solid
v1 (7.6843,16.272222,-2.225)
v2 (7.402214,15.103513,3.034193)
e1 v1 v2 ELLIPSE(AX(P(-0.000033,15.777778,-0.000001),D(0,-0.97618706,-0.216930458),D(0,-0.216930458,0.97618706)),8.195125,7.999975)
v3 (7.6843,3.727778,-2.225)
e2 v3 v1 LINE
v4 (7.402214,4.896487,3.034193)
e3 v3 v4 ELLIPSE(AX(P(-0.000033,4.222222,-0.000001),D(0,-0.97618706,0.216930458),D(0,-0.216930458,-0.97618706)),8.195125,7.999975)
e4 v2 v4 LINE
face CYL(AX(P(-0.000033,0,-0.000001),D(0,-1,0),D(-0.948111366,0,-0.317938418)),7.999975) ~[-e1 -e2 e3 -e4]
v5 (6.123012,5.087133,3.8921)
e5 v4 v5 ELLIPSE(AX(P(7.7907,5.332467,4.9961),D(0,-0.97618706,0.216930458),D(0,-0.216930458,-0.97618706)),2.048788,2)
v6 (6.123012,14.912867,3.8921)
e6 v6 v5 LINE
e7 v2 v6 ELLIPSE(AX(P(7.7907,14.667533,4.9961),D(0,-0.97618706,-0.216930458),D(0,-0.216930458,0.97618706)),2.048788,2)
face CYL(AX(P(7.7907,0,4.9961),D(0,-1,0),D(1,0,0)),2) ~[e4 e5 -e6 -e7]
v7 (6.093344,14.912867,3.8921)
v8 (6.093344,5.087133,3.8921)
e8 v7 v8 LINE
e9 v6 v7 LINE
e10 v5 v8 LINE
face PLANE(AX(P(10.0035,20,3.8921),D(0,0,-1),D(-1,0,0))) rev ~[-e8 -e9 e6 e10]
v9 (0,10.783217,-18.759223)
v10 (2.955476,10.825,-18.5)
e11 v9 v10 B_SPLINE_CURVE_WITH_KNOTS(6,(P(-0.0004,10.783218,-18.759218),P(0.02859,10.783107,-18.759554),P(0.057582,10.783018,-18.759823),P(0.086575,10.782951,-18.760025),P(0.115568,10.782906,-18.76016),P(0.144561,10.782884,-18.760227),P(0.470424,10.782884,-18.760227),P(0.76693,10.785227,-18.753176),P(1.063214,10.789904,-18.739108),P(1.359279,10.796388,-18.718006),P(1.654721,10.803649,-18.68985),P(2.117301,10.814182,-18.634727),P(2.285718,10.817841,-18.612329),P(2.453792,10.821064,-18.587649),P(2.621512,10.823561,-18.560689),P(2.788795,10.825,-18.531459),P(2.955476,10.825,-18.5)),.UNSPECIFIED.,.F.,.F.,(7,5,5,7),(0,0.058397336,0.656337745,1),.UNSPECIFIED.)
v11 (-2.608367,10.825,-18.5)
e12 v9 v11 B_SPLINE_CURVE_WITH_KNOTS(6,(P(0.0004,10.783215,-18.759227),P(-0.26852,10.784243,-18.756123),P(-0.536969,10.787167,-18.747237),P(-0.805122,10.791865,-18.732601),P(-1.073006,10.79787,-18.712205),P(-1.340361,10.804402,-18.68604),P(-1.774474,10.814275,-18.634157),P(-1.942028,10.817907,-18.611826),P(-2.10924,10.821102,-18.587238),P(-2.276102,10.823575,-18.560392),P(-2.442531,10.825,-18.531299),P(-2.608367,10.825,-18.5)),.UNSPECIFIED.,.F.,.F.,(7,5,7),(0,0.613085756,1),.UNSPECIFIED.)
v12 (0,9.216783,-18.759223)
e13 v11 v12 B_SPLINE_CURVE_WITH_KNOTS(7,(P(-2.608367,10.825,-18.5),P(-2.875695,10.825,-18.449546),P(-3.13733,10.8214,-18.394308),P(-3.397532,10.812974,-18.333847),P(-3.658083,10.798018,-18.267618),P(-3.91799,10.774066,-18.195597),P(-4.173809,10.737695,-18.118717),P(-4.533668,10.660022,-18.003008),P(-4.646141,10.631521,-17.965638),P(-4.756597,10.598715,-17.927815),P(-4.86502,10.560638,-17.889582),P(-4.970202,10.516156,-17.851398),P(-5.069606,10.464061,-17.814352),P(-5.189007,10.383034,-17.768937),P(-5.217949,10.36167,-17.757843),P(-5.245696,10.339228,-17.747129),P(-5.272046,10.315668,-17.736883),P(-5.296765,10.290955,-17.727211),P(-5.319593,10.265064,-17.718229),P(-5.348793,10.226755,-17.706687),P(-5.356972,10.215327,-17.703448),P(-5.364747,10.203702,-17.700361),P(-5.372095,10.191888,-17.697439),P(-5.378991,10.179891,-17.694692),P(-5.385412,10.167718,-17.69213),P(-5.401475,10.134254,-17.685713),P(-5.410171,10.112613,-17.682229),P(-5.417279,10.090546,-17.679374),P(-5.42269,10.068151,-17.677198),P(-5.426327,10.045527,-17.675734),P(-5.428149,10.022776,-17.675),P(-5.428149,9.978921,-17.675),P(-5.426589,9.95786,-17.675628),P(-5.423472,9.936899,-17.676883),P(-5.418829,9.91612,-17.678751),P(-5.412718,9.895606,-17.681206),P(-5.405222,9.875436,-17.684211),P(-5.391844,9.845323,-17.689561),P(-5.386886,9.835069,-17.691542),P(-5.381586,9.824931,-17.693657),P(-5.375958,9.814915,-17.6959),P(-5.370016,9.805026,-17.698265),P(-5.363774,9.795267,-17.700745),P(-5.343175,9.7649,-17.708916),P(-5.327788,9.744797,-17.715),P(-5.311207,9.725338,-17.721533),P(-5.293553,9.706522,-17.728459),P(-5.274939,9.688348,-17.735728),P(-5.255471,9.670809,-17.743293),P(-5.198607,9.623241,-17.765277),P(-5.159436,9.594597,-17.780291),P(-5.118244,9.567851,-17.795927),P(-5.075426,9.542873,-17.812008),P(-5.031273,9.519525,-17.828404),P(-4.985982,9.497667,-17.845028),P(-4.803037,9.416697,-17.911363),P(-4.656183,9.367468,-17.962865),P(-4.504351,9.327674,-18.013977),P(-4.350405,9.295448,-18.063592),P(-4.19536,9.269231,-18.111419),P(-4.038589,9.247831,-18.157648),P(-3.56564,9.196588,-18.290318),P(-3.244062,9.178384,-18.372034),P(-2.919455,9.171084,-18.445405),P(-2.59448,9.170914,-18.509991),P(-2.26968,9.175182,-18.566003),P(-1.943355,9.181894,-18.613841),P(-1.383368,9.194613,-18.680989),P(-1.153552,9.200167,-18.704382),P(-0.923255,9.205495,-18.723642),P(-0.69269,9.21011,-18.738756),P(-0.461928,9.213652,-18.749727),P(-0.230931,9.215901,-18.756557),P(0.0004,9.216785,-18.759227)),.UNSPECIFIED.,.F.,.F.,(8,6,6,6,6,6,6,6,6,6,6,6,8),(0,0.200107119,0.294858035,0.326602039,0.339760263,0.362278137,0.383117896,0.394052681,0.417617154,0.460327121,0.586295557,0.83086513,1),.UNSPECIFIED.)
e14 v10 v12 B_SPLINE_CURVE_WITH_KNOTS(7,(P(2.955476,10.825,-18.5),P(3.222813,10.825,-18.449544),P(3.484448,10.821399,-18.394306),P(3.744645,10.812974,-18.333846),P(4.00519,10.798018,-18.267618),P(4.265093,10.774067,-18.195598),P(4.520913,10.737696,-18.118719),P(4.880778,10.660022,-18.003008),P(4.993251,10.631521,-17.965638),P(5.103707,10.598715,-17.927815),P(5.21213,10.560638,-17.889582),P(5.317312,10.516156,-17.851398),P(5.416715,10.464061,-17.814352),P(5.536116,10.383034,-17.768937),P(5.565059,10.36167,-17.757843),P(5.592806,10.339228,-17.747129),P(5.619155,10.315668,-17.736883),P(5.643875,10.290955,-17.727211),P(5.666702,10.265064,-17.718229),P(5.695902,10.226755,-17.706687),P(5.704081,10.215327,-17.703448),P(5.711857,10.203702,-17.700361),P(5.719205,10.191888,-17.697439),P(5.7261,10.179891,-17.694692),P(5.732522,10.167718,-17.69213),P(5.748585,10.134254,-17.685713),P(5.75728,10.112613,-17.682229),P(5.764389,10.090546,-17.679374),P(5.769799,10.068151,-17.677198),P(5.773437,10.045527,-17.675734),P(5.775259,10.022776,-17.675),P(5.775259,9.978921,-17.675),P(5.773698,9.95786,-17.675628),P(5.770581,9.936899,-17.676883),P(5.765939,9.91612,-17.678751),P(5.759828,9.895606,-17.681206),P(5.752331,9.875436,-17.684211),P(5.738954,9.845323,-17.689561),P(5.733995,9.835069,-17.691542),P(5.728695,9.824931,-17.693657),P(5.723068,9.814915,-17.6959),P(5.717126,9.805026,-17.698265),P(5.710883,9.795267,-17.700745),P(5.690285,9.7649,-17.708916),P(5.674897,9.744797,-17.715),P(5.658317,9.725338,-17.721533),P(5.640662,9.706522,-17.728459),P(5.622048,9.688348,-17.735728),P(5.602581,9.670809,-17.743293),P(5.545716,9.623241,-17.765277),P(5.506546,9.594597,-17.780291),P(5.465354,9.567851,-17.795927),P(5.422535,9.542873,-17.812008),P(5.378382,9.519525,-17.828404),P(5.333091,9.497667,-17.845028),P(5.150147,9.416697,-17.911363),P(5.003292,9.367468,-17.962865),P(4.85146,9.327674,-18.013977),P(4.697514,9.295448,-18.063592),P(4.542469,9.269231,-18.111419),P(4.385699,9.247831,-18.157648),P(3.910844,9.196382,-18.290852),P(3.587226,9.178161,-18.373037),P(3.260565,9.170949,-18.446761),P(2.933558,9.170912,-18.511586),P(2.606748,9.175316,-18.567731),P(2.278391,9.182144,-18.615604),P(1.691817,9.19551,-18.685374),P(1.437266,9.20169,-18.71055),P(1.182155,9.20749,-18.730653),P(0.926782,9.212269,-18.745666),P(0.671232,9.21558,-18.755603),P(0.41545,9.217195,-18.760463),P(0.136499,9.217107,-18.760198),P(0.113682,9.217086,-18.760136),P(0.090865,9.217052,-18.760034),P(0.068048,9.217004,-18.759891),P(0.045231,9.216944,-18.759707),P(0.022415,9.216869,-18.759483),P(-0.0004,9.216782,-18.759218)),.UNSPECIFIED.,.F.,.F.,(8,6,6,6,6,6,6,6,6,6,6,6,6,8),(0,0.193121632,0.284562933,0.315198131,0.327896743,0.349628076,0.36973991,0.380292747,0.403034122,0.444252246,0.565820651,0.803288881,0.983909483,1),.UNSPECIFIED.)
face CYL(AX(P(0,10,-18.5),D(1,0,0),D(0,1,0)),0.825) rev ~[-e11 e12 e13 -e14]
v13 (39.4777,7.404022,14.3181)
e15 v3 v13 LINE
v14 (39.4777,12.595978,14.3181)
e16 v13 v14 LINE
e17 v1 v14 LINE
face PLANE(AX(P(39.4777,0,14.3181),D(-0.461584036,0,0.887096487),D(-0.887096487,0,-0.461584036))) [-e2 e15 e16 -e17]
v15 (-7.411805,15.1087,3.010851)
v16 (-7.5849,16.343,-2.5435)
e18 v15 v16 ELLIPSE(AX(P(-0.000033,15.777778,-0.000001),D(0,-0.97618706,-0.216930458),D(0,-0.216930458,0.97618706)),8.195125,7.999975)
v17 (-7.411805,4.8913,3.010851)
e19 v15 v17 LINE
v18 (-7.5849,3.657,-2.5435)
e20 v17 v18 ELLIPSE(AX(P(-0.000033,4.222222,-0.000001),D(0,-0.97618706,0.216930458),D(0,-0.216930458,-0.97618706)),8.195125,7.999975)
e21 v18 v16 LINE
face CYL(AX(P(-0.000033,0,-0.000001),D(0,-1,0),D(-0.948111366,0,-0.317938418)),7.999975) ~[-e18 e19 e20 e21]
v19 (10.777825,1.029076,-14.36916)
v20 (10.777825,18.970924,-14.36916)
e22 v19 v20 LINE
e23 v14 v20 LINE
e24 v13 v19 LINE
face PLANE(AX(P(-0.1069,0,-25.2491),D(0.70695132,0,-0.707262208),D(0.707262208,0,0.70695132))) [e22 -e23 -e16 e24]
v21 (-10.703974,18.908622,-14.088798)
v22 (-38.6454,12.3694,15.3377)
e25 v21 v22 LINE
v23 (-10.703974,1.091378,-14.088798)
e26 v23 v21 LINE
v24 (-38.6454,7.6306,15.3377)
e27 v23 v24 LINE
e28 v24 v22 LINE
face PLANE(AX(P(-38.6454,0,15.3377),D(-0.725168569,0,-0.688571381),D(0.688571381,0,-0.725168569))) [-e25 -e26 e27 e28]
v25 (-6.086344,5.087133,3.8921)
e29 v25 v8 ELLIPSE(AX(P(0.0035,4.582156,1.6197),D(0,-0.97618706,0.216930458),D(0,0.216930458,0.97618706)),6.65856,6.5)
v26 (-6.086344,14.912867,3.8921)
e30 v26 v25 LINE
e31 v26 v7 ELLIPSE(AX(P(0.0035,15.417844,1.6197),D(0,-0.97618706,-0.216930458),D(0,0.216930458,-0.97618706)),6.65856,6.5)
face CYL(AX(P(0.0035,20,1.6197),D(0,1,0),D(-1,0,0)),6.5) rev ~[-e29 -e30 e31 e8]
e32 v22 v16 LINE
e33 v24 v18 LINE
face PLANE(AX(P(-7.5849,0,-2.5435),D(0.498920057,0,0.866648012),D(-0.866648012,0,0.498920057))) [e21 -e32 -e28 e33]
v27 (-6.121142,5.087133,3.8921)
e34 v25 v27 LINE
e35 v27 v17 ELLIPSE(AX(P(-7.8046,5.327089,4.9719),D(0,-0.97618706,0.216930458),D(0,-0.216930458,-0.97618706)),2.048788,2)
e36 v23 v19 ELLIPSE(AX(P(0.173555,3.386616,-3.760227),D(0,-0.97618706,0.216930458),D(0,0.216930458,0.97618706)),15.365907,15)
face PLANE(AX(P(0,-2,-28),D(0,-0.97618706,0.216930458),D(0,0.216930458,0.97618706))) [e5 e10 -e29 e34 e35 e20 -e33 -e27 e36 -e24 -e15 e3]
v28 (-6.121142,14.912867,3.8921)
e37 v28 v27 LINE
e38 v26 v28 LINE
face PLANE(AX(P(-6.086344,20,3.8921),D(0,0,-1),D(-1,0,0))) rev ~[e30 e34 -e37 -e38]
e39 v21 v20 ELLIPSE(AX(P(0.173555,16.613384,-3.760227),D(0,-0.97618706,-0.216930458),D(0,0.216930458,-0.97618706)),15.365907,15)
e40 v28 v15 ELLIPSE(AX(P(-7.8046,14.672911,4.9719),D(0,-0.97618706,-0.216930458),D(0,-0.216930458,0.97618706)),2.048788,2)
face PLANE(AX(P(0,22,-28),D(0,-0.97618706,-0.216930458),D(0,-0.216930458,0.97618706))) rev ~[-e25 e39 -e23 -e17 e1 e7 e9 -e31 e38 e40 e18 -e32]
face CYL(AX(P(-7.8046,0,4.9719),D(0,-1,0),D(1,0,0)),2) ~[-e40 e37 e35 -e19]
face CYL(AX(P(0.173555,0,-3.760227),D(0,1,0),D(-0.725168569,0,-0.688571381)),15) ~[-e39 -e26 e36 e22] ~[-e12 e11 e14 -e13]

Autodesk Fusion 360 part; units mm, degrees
sketch "main body" plane through (0, 0, 0) normal (0, 1, 0) x (1, 0, 0) in component "main"
  arc A0 (-7.5849, 2.5435) -> (7.6843, 2.225) centre (0, 0) ccw
  line L0 (-7.5849, 2.5435) -> (-38.6454, -15.3377)
  line L1 (-38.6454, -15.3377) -> (-0.1069, 25.2491)
  line L2 (-0.1069, 25.2491) -> (39.4777, -14.3181)
  line L3 (39.4777, -14.3181) -> (7.6843, 2.225)
  dimension "d1" = 8
extrude "Extrude1" add sketch "main body" along normal blind 20 in component "main"
fillet "Fillet1" radius 15 1 edges at (-0.1069, 10, -25.2491) in component "main"
sketch "main hole" plane through (0, 20, 0) normal (0, 1, 0) x (-1, 0, 0) in component "main"
  arc A0 (-10.7778, -14.3691) -> (10.704, -14.0888) centre (-0.1736, -3.7602) ccw
  line L0 (10.704, -14.0888) -> (38.6454, 15.3377)
  line L1 (38.6454, 15.3377) -> (7.5849, -2.5435)
  line L2 (-7.6843, -2.225) -> (-39.4777, 14.3181)
  line L3 (-39.4777, 14.3181) -> (-10.7778, -14.3691)
  circle A1 centre (-0.0035, 1.6197) radius 6.5
  line L4 (-10.0035, 3.8921) -> (9.9387, 3.8921)
  line L5 (9.9387, 3.8921) -> (9.9387, 20.1413)
  line L6 (9.9387, 20.1413) -> (-10.0035, 20.1413)
  line L7 (-10.0035, 20.1413) -> (-10.0035, 3.8921)
  line L8 (-10.0035, 3.8921) -> (9.9387, 20.1413) construction
  line L9 (9.9387, 3.8921) -> (-10.0035, 20.1413) construction
  dimension "d5" = 13
extrude "Extrude5" cut sketch "main hole" against normal blind 20 in component "main"
extrude "Extrude3" cut sketch "main hole" against normal blind 20 contours A1 L4 | A1 L4 in component "main"
sketch "rounded borders" plane through (0, 0, 0) normal (0, 1, 0) x (1, 0, 0) in component "main"
  circle A0 centre (-7.8046, -4.9719) radius 2
  circle A1 centre (7.7907, -4.9961) radius 2
  dimension "d16" = 4
  dimension "d17" = 4
extrude "Extrude6" add sketch "rounded borders" along normal blind 20 in component "main"
sketch "cut sides" plane through (0, 0, 0) normal (1, 0, 0) x (0, 0, -1) in component "main"
  line L0 (28, 22) -> (-17, 12)
  line L1 (-15.3377, 0) -> (-15.3377, 20)
  line L2 (-17, 12) -> (-17, 22)
  line L3 (-17, 22) -> (28, 22)
  line L4 (28, -2) -> (-17, 8)
  line L5 (-17, 8) -> (-17, -2)
  line L6 (-17, -2) -> (28, -2)
extrude "Extrude7" cut sketch "cut sides" along normal mid plane 100 in component "main"
sketch "Sketch9" plane through (0, 0, 0) normal (1, 0, 0) x (0, 1, 0) in component "main"
  circle A0 centre (10, -18.5) radius 0.825
  dimension "d22" = 1.65
extrude "Extrude8" cut sketch "Sketch9" along normal mid plane 40 in component "main"
component "main" placed x (1, 0, 0) y (0, 1, 0) z (0, 0, 1) at (0, 0, 0)
properties part number "rampClip"
